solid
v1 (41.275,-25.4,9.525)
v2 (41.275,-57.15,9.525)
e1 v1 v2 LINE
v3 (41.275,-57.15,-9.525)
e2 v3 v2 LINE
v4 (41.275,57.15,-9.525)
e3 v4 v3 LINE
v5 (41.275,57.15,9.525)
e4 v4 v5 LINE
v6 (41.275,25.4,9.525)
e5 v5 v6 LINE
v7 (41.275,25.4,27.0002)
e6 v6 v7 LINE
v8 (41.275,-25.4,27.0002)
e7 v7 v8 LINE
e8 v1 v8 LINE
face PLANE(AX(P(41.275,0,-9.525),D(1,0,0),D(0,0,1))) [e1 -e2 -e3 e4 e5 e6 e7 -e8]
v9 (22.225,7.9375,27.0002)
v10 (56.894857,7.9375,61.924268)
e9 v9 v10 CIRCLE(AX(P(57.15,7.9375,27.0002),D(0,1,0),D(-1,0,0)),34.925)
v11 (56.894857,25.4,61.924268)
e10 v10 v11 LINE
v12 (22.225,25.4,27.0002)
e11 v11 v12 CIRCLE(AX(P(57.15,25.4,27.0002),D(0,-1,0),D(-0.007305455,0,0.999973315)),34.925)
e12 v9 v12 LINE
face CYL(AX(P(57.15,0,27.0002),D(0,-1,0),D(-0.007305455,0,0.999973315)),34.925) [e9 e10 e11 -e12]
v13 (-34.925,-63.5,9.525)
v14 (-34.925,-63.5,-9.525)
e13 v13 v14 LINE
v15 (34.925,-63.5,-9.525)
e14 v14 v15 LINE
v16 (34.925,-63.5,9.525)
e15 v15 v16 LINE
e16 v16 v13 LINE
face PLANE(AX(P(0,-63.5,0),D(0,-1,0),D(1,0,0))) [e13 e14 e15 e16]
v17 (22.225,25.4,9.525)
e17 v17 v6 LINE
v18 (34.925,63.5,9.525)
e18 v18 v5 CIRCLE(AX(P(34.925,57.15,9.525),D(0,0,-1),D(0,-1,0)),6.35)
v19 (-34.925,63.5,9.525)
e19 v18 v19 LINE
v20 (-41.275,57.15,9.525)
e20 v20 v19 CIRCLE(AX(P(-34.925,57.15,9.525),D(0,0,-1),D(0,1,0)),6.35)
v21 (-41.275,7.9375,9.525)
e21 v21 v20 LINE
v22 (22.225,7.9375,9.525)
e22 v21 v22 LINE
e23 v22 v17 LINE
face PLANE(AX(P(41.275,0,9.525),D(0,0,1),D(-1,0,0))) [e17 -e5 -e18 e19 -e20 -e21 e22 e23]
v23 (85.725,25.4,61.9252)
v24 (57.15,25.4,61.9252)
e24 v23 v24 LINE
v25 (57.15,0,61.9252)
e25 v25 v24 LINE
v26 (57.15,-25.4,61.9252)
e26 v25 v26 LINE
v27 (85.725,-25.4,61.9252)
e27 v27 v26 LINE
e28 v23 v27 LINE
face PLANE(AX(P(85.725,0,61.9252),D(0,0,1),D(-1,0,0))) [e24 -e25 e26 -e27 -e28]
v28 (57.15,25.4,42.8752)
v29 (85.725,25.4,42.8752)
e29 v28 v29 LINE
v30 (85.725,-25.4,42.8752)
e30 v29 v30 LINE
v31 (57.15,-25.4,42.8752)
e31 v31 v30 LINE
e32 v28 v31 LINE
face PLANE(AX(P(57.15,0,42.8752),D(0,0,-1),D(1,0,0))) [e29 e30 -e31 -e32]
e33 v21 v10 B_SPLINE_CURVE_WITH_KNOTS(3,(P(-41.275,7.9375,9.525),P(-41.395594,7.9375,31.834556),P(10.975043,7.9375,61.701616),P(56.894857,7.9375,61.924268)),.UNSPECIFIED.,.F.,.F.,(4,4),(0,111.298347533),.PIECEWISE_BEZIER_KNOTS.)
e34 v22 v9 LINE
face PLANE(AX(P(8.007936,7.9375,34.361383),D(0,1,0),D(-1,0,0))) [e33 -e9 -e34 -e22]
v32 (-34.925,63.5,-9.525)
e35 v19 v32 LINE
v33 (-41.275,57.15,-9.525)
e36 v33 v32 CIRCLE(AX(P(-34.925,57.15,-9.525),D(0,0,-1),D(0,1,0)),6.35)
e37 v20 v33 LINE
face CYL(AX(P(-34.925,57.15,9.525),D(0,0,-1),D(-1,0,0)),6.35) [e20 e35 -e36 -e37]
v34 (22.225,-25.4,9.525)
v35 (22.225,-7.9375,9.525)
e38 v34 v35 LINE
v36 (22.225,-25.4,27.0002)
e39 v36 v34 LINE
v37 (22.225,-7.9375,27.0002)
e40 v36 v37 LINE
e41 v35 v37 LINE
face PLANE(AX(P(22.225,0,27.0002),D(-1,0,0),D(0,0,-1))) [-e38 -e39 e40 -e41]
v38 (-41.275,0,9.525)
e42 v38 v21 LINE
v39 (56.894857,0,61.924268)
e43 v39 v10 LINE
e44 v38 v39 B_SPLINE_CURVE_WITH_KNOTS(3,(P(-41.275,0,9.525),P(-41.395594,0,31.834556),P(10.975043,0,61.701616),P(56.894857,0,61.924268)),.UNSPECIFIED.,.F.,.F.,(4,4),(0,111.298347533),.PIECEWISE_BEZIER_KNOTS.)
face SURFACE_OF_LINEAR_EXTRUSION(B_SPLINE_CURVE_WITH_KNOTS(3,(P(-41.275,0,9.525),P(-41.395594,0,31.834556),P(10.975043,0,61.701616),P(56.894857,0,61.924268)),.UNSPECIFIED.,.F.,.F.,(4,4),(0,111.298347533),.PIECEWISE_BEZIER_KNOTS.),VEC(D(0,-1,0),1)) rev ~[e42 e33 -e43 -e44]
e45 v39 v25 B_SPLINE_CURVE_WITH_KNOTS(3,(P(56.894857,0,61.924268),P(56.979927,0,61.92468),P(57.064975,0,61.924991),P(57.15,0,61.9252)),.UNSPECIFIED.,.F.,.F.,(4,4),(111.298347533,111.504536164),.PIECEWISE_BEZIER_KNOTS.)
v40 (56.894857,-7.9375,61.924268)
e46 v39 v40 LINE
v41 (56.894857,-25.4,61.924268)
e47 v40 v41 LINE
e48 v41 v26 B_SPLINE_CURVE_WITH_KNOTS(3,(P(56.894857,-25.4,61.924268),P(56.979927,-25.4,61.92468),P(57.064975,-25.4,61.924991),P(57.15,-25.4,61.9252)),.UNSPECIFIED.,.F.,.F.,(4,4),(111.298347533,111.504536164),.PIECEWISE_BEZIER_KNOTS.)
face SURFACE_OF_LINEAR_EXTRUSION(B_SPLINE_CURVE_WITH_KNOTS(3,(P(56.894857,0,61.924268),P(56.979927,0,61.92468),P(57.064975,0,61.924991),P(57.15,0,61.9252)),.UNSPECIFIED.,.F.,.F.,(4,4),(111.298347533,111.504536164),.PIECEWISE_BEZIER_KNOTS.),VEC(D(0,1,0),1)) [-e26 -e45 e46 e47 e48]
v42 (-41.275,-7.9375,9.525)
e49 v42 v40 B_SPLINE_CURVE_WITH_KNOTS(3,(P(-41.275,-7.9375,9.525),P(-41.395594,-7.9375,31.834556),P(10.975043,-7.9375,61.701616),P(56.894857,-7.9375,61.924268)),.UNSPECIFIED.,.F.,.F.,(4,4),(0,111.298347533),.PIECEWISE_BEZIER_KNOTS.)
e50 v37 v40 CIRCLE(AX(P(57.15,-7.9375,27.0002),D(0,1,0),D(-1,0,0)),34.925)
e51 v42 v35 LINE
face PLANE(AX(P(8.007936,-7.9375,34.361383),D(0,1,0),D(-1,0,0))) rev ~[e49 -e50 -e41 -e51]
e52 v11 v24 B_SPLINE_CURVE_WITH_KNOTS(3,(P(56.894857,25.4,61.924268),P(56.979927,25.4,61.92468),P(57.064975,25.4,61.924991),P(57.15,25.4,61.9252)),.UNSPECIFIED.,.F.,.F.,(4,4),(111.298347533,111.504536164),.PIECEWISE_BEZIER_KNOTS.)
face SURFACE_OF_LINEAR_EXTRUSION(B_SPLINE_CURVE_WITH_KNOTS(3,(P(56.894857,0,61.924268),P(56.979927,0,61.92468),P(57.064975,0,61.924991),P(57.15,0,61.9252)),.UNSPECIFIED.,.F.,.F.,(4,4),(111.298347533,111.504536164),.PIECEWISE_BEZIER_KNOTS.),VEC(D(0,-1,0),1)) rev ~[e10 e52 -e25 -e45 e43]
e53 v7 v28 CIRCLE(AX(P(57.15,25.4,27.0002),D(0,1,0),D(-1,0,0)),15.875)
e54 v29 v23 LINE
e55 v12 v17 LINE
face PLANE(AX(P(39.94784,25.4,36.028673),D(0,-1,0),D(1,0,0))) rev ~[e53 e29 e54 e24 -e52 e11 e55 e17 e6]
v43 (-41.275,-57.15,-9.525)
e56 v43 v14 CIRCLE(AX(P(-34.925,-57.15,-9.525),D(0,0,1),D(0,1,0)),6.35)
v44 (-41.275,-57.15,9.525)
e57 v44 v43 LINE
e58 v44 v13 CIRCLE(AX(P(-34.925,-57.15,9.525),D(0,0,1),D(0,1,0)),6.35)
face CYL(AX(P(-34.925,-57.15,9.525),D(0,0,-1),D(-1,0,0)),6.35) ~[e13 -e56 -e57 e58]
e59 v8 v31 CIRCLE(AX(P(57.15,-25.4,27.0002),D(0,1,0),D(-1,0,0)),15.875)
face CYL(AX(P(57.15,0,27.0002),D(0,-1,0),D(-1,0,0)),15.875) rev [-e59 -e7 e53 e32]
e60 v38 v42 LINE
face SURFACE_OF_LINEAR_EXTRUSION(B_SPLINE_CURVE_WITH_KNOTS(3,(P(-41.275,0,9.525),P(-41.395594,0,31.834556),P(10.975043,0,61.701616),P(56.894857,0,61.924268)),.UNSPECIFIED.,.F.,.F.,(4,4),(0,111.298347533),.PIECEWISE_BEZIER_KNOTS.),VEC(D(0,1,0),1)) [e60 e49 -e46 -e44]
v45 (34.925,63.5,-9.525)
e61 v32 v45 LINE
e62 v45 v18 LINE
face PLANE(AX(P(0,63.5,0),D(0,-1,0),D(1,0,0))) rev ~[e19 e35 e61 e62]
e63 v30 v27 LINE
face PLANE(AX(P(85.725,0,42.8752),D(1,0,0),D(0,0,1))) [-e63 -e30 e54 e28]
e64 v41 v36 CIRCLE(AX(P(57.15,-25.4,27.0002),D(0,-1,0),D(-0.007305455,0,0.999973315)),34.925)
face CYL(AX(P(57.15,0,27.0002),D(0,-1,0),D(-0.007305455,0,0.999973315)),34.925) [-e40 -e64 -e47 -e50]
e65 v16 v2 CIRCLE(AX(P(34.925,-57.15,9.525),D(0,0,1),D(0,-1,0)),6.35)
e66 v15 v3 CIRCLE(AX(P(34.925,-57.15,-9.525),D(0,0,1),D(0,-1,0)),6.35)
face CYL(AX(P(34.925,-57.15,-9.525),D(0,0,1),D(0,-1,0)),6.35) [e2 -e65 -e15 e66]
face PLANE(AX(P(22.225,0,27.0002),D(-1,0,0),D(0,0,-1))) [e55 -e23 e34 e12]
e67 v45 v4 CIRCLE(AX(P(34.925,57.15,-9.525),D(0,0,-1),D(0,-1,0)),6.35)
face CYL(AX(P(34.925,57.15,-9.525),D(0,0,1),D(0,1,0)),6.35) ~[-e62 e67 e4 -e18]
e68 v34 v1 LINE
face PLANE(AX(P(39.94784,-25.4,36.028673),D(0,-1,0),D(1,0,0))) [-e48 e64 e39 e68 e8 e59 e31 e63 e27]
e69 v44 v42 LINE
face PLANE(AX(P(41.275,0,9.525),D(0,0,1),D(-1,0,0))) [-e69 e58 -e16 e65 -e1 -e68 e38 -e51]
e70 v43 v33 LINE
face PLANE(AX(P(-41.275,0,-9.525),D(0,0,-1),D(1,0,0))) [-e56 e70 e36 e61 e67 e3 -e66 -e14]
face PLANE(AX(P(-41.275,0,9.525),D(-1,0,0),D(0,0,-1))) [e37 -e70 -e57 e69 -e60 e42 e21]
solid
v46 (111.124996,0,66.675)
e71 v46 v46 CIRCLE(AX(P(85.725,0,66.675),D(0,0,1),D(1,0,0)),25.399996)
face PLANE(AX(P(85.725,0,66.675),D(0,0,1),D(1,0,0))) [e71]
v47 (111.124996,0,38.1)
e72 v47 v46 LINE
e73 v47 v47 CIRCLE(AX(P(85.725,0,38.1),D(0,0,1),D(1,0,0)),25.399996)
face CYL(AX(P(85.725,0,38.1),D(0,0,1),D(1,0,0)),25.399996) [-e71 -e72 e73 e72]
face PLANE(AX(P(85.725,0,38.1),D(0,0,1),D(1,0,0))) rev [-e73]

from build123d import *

# Parameters (mm, degrees)
F1_DEPTH = 63.5
F0_W     = 25.3999955219
F0_H     = 19.05
F2_DEPTH = 25.4
F3_DEPTH = 7.9375
F5_R     = 6.35


with BuildPart() as f1:
    # F0 (on Front) → F1 (new body, symmetric)
    with BuildSketch(Plane.XZ):
        Polygon((-41.275, -9.525), (41.275, -9.525), (41.275, 9.525), (22.225, 9.525), (-41.275, 9.525), align=None)
    extrude(amount=F1_DEPTH, both=True)

    # F0 (on Front) → F2 (join, symmetric)
    with BuildSketch(Plane.XZ):
        with BuildLine():
            Line((22.225, 9.525), (41.275, 9.525))
            Line((41.275, 9.525), (41.275, 27.0002))
            ThreePointArc((41.275, 27.0002), (45.9246798487, 38.2255201513), (57.15, 42.8752))
            Line((57.15, 42.8752), (60.3250044781, 42.8752))
            Line((60.3250044781, 42.8752), (60.3250044781, 61.9252))
            Line((60.3250044781, 61.9252), (57.15, 61.9252))
            add(Edge.make_bspline(
                [(56.894856977, 61.9242680196), (56.9799269157, 61.9246804993), (57.064974715, 61.9249912383), (57.15, 61.9252)],
                knots=[111.298347533, 111.298347533, 111.298347533, 111.298347533, 111.5045361635, 111.5045361635, 111.5045361635, 111.5045361635], degree=3))
            ThreePointArc((56.894856977, 61.9242680196), (32.3642531374, 51.6055322973), (22.225, 27.0002))
            Line((22.225, 27.0002), (22.225, 9.525))
        make_face()
        with Locations((73.025002239, 52.4002)):
            Rectangle(F0_W, F0_H)
    extrude(amount=F2_DEPTH, both=True)

    # F0 (on Front) → F3 (join, symmetric)
    with BuildSketch(Plane.XZ):
        with BuildLine():
            add(Edge.make_bspline(
                [(-41.275, 9.525), (-41.3955935433, 31.8345558786), (10.9750427892, 61.7016160341), (56.894856977, 61.9242680196)],
                knots=[0, 0, 0, 0, 111.298347533, 111.298347533, 111.298347533, 111.298347533], degree=3))
            Line((-41.275, 9.525), (22.225, 9.525))
            Line((22.225, 9.525), (22.225, 27.0002))
            ThreePointArc((22.225, 27.0002), (32.3642531374, 51.6055322973), (56.894856977, 61.9242680196))
        make_face()
    extrude(amount=F3_DEPTH, both=True)

    # F5
    f5_edges = [f1.edges().sort_by_distance(p)[0] for p in [
        (-41.275, -63.5, 0),
        (41.275, -63.5, 0),
        (41.275, 63.5, 0),
        (-41.275, 63.5, 0),
    ]]
    fillet(f5_edges, radius=F5_R)


with BuildPart() as f4:
    # F0 (on Front) → F4 (revolve)
    with BuildSketch(Plane.XZ):
        Polygon((85.725, 61.9252), (85.725, 42.8752), (85.725, 38.1), (111.1249955219, 38.1), (111.1249955219, 66.675), (85.725, 66.675), align=None)
    revolve(axis=Axis((85.725, 0, 52.3875), (0, 0, 1)))


solid = Compound([f1.part, f4.part])
